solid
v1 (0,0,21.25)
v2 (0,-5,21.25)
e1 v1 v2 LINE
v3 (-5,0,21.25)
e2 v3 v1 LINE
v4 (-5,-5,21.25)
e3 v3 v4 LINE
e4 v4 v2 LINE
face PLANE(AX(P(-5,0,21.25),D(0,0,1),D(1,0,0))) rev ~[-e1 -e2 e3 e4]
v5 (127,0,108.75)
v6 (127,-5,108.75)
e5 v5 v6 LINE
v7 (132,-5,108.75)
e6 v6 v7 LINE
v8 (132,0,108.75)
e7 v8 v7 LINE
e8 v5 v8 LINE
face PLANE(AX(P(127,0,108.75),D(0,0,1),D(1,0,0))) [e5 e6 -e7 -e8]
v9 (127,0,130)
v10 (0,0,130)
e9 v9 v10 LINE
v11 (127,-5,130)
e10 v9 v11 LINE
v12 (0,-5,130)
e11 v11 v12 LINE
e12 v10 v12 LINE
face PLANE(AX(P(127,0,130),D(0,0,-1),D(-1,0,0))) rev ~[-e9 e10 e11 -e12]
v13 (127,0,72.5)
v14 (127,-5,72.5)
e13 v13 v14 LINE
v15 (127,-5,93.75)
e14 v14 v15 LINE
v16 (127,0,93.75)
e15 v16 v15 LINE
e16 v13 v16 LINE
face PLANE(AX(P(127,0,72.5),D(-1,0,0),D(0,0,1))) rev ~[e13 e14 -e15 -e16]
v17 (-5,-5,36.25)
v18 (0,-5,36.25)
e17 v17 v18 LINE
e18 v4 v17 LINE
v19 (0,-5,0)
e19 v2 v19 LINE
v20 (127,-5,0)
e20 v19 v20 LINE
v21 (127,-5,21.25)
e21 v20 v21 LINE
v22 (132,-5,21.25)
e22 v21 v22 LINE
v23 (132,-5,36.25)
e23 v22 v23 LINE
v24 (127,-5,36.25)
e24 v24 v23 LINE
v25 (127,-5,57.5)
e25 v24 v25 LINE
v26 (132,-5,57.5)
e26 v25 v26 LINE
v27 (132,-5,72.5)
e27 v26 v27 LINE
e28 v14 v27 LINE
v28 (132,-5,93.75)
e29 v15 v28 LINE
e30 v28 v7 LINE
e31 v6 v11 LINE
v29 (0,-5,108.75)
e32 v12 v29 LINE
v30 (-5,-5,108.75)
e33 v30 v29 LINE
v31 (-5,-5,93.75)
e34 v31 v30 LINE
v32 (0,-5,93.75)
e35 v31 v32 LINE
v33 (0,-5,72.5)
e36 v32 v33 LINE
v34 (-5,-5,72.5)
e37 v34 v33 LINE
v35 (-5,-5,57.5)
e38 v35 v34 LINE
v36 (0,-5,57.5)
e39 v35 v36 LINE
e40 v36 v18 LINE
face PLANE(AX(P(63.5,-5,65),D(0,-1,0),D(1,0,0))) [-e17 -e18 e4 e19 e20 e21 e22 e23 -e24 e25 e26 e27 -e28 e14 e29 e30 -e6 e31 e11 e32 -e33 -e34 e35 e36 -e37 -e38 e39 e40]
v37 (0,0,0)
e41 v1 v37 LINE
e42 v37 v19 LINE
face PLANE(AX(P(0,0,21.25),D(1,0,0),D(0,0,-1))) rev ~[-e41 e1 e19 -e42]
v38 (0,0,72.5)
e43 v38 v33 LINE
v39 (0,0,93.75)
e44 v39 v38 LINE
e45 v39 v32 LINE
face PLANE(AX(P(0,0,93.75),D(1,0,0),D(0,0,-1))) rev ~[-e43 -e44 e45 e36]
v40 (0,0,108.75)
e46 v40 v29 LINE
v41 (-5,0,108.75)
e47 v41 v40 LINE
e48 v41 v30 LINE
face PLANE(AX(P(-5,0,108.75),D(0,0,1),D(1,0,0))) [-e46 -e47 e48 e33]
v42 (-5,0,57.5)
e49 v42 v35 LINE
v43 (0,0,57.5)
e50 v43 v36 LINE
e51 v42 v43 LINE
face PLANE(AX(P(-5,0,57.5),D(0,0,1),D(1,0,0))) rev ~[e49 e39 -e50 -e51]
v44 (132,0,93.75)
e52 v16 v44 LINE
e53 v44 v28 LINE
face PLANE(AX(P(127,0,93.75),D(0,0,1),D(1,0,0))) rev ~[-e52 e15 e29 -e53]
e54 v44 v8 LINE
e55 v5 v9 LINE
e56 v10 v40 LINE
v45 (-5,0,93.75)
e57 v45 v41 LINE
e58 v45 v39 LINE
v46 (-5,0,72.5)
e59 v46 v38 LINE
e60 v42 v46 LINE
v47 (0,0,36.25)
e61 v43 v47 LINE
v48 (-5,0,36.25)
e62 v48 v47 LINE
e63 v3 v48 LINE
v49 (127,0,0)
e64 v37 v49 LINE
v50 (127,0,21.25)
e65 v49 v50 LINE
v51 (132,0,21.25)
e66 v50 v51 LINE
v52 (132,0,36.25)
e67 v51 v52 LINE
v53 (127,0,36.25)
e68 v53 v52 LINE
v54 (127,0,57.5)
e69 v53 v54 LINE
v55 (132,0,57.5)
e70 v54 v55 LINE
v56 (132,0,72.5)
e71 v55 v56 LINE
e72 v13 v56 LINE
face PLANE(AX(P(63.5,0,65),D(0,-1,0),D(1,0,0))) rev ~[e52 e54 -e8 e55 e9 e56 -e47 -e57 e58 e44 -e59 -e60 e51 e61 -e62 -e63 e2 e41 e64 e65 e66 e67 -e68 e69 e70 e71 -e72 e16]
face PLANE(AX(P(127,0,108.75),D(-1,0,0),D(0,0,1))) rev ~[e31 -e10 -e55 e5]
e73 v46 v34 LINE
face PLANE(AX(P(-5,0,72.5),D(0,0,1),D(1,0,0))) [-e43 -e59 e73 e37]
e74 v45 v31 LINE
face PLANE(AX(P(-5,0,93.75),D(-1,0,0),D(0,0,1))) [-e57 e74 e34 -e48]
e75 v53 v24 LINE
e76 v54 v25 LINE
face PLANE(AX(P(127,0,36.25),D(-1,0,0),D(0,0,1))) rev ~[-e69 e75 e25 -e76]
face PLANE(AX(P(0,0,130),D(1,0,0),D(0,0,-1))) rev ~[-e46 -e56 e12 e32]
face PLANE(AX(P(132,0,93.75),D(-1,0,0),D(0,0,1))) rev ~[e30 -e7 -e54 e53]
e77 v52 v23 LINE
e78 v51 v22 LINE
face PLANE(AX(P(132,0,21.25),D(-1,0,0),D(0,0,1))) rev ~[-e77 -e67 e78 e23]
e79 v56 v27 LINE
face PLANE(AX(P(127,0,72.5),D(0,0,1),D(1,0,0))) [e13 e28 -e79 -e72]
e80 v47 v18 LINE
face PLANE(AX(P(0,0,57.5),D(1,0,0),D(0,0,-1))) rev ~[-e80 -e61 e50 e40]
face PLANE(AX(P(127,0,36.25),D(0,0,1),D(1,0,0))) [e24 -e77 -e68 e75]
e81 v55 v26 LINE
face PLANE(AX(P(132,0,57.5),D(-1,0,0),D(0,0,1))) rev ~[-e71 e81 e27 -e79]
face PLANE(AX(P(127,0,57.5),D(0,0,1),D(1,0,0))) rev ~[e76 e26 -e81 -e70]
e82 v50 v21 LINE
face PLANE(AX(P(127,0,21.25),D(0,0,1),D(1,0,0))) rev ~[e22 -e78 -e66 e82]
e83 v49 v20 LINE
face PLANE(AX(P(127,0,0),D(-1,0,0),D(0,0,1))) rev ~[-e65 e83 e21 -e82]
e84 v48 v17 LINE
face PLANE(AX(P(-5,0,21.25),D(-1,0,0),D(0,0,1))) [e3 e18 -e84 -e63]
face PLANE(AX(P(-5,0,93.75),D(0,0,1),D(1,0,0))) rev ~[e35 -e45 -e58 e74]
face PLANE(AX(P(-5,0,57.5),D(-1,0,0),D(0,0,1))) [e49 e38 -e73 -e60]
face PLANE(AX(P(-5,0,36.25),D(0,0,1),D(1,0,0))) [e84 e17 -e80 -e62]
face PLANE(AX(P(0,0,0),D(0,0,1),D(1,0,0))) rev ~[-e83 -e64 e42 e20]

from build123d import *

# Parameters (mm, degrees)
F0_W     = 5
F0_H     = 15
F1_DEPTH = 5


with BuildPart() as f1:
    # F0 (on Front) → F1 (new body)
    with BuildSketch(Plane.XZ):
        Polygon((0, 21.25), (0, 0), (127, 0), (127, 21.25), (127, 36.25), (127, 57.5), (127, 72.5), (127, 93.75), (127, 108.75), (127, 130), (0, 130), (0, 108.75), (0, 93.75), (0, 72.5), (0, 57.5), (0, 36.25), align=None)
        with Locations((-2.5, 28.75)):
            Rectangle(F0_W, F0_H)
        with Locations((129.5, 28.75)):
            Rectangle(F0_W, F0_H)
        with Locations((-2.5, 65)):
            Rectangle(F0_W, F0_H)
        with Locations((129.5, 65)):
            Rectangle(F0_W, F0_H)
        with Locations((-2.5, 101.25)):
            Rectangle(F0_W, F0_H)
        with Locations((129.5, 101.25)):
            Rectangle(F0_W, F0_H)
    extrude(amount=F1_DEPTH)


solid = f1.part
